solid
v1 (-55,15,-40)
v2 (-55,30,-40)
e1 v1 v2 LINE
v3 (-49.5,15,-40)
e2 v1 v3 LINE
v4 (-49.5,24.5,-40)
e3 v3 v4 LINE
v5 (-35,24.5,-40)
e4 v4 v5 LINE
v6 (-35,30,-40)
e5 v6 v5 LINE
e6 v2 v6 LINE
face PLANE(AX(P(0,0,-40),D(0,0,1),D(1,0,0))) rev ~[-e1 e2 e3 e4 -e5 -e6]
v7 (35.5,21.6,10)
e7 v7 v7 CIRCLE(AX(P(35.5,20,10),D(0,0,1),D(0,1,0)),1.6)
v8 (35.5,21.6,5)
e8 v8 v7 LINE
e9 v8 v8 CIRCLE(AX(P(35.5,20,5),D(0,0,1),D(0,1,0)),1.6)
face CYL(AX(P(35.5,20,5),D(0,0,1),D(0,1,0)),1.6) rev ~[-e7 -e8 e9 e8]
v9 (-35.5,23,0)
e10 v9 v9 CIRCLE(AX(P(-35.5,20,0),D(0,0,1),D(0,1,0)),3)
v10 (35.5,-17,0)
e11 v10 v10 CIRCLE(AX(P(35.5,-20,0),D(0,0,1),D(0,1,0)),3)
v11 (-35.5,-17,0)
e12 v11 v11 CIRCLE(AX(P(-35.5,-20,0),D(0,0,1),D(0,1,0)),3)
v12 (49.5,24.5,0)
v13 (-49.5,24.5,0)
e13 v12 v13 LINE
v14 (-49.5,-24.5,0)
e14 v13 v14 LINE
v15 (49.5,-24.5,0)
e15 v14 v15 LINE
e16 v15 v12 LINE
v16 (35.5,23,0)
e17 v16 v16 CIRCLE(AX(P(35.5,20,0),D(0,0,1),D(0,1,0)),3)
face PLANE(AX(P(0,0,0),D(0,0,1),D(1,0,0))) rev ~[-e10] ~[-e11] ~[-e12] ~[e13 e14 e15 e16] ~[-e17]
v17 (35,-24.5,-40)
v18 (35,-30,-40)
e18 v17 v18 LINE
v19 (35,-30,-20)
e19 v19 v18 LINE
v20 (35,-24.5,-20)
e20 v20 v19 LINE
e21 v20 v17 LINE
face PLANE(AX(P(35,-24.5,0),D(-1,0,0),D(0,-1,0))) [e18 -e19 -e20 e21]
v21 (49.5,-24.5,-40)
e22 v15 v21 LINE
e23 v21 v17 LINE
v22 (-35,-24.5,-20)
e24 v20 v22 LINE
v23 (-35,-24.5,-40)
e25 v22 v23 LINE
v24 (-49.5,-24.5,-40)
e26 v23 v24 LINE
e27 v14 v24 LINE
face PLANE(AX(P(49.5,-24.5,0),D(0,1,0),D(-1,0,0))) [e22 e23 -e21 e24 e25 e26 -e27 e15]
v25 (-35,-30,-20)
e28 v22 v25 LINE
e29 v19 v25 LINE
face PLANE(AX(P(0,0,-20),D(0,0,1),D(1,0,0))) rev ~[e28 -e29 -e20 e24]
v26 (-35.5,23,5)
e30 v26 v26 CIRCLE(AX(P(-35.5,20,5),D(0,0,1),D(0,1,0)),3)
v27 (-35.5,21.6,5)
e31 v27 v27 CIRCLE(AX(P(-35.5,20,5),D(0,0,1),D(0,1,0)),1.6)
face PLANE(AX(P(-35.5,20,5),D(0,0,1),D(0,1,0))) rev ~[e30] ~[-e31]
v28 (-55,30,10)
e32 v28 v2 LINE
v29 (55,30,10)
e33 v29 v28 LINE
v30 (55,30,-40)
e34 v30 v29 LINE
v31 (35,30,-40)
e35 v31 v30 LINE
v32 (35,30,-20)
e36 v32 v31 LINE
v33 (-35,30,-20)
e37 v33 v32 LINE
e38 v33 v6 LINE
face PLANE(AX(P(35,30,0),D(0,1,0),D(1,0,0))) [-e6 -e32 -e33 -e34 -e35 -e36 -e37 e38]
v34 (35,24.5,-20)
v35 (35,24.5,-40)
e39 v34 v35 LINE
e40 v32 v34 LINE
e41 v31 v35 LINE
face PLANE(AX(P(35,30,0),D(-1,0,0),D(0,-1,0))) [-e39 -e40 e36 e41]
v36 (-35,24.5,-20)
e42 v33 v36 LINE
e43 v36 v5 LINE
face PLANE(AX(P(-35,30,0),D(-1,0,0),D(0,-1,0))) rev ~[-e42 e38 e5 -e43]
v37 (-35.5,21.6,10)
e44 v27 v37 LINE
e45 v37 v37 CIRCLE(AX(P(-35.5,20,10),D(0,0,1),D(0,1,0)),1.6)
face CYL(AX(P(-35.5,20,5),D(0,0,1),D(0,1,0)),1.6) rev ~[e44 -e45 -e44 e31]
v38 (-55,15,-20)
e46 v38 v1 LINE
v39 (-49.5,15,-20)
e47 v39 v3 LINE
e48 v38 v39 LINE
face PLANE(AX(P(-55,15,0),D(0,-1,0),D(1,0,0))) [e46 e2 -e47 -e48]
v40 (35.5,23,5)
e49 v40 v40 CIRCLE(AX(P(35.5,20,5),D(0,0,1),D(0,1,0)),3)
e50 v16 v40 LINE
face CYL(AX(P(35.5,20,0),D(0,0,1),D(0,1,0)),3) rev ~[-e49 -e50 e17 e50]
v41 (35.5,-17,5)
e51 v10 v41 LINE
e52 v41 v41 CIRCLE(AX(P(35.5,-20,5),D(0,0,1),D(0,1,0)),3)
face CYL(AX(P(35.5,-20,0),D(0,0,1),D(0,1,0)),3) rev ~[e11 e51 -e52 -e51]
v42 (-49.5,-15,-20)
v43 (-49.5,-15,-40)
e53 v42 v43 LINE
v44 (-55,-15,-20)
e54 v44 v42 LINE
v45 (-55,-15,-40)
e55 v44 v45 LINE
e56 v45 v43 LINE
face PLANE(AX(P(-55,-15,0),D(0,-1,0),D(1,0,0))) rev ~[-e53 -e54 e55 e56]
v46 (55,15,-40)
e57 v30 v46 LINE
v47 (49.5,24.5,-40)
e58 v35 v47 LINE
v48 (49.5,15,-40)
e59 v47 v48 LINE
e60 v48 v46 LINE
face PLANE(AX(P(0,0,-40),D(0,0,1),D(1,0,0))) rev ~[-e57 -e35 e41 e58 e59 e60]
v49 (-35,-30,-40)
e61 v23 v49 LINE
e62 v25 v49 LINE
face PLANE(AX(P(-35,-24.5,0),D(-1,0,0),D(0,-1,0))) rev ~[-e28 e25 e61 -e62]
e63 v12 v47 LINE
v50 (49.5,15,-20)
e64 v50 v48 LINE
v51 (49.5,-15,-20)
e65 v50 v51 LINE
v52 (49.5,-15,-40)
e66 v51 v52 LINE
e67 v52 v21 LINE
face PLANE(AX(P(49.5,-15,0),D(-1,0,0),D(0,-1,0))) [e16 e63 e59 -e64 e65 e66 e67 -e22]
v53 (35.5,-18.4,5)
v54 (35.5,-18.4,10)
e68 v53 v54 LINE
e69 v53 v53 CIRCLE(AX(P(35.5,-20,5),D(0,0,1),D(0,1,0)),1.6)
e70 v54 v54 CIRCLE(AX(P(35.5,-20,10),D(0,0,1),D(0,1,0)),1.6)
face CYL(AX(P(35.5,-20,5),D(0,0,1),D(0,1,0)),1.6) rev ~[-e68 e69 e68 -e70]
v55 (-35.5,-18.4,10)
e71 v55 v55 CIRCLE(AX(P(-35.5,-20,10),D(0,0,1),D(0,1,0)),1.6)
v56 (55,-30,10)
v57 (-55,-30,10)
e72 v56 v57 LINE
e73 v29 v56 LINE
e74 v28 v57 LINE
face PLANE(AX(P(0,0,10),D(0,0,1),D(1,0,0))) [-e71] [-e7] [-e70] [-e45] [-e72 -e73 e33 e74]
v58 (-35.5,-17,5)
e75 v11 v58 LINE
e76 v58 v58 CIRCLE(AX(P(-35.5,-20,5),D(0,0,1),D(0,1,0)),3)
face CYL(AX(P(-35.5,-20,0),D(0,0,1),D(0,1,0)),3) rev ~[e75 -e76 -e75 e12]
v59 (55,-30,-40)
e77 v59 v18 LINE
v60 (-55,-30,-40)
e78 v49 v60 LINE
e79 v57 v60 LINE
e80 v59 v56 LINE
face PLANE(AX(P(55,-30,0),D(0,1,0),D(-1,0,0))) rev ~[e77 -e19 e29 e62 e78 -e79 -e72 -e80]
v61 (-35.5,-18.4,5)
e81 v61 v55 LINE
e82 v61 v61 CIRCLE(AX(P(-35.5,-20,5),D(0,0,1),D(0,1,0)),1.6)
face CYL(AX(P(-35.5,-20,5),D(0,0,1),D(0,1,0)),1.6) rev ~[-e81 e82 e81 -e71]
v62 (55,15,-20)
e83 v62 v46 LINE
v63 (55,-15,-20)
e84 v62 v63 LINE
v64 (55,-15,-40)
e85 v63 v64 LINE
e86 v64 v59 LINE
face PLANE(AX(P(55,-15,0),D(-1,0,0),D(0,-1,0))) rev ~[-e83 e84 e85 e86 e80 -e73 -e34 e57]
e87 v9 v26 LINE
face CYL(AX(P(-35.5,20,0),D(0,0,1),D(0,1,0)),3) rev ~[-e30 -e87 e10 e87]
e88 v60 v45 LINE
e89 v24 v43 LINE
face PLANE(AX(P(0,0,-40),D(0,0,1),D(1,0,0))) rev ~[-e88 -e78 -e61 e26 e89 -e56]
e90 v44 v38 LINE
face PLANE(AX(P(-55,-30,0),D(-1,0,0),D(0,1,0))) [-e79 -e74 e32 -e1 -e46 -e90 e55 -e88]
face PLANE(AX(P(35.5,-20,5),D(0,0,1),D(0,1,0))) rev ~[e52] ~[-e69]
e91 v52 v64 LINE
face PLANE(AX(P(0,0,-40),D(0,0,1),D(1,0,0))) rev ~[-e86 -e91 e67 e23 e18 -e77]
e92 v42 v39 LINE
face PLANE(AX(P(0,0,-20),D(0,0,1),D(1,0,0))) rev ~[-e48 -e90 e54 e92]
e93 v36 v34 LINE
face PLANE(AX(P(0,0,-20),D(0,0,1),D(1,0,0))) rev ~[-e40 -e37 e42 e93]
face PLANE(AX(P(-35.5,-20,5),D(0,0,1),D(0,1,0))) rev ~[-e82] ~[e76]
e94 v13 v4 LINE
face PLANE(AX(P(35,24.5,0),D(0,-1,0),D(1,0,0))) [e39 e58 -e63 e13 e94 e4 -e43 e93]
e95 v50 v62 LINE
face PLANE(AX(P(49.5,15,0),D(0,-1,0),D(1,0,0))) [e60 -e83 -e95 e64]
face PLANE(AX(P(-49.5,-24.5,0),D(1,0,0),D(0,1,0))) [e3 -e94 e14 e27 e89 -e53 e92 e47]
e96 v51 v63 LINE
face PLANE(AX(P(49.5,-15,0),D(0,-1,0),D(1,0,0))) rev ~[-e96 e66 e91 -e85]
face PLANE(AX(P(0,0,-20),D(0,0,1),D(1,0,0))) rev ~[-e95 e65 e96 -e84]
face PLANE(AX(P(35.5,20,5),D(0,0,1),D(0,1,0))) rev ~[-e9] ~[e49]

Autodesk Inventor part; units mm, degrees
ref_plane "YZ Plane" through (0, 0, 0) normal (1, 0, 0) x (0, 1, 0)
ref_plane "XZ Plane" through (0, 0, 0) normal (0, 1, 0) x (-1, 0, 0)
ref_plane "XY Plane" through (0, 0, 0) normal (0, 0, 1) x (1, 0, 0)
sketch "Sketch1" plane through (0, 0, 0) normal (0, 0, 1) x (1, 0, 0)
  line L0 (55, -30) -> (-55, -30)
  line L1 (-55, -30) -> (-55, 30)
  line L2 (-55, 30) -> (55, 30)
  line L3 (55, 30) -> (55, -30)
  line L4 (49.5, -24.5) -> (-49.5, -24.5)
  line L5 (-49.5, -24.5) -> (-49.5, 24.5)
  line L6 (-49.5, 24.5) -> (49.5, 24.5)
  line L7 (49.5, 24.5) -> (49.5, -24.5)
  line L8 (55, 0) -> (-55, 0) construction
  line L9 (0, -30) -> (0, 30) construction
  line L10 (-35, 30) -> (-35, 24.5)
  line L11 (-55, 15) -> (-49.5, 15)
  line L12 (35, -24.5) -> (35, -30)
  line L13 (49.5, -15) -> (55, -15)
  line L14 (-35, -24.5) -> (-35, -30)
  line L15 (-55, -15) -> (-49.5, -15)
  line L16 (35, 30) -> (35, 24.5)
  line L17 (49.5, 15) -> (55, 15)
  line L18 (-52.25, 27.25) -> (52.25, 27.25) construction
  line L19 (52.25, 27.25) -> (52.25, -27.25) construction
  line L20 (52.25, -27.25) -> (-52.25, -27.25) construction
  line L21 (-52.25, -27.25) -> (-52.25, 27.25) construction
  line L22 (-52.25, 27.25) -> (52.25, -27.25) construction
  line L23 (52.25, 27.25) -> (-52.25, -27.25) construction
  point P0 (0, 0)
  point P1 (-35.5, 20)
  point P2 (35.5, 20)
  point P3 (35.5, -20)
  point P4 (-35.5, -20)
  dimension "d0" = 110
  dimension "d1" = 60
  dimension "d2" = 99
  dimension "d3" = 49
  dimension "d4" = 15
  dimension "d5" = 20
  dimension "d6" = 40
  dimension "d7" = 71
extrude "Extrusion1" add sketch "Sketch1" against normal blind 40 contours L0 L12 L4 L7 L13 L3 | L0 L1 L15 L5 L4 L14 | L17 L7 L6 L16 L2 L3 | L1 L2 L10 L6 L5 L11
extrude "Extrusion2" add sketch "Sketch1" along normal blind 10
hole "Hole1" at (-35.5, 20, 0) at (35.5, 20, 0) at (35.5, -20, 0) at (-35.5, -20, 0) direction (0, 0, 1) diameter 3.2 end through all counterbore diameter 6 counterbore depth 5
extrude "Extrusion8" add sketch "Sketch1" against normal blind 20 contours L0 L14 L4 L12 | L13 L7 L17 L3 | L1 L11 L5 L15 | L16 L6 L10 L2
equation "\"epsilon\" = 0"
properties part number "magnet_holder" material "PC/ABS Plastic"
